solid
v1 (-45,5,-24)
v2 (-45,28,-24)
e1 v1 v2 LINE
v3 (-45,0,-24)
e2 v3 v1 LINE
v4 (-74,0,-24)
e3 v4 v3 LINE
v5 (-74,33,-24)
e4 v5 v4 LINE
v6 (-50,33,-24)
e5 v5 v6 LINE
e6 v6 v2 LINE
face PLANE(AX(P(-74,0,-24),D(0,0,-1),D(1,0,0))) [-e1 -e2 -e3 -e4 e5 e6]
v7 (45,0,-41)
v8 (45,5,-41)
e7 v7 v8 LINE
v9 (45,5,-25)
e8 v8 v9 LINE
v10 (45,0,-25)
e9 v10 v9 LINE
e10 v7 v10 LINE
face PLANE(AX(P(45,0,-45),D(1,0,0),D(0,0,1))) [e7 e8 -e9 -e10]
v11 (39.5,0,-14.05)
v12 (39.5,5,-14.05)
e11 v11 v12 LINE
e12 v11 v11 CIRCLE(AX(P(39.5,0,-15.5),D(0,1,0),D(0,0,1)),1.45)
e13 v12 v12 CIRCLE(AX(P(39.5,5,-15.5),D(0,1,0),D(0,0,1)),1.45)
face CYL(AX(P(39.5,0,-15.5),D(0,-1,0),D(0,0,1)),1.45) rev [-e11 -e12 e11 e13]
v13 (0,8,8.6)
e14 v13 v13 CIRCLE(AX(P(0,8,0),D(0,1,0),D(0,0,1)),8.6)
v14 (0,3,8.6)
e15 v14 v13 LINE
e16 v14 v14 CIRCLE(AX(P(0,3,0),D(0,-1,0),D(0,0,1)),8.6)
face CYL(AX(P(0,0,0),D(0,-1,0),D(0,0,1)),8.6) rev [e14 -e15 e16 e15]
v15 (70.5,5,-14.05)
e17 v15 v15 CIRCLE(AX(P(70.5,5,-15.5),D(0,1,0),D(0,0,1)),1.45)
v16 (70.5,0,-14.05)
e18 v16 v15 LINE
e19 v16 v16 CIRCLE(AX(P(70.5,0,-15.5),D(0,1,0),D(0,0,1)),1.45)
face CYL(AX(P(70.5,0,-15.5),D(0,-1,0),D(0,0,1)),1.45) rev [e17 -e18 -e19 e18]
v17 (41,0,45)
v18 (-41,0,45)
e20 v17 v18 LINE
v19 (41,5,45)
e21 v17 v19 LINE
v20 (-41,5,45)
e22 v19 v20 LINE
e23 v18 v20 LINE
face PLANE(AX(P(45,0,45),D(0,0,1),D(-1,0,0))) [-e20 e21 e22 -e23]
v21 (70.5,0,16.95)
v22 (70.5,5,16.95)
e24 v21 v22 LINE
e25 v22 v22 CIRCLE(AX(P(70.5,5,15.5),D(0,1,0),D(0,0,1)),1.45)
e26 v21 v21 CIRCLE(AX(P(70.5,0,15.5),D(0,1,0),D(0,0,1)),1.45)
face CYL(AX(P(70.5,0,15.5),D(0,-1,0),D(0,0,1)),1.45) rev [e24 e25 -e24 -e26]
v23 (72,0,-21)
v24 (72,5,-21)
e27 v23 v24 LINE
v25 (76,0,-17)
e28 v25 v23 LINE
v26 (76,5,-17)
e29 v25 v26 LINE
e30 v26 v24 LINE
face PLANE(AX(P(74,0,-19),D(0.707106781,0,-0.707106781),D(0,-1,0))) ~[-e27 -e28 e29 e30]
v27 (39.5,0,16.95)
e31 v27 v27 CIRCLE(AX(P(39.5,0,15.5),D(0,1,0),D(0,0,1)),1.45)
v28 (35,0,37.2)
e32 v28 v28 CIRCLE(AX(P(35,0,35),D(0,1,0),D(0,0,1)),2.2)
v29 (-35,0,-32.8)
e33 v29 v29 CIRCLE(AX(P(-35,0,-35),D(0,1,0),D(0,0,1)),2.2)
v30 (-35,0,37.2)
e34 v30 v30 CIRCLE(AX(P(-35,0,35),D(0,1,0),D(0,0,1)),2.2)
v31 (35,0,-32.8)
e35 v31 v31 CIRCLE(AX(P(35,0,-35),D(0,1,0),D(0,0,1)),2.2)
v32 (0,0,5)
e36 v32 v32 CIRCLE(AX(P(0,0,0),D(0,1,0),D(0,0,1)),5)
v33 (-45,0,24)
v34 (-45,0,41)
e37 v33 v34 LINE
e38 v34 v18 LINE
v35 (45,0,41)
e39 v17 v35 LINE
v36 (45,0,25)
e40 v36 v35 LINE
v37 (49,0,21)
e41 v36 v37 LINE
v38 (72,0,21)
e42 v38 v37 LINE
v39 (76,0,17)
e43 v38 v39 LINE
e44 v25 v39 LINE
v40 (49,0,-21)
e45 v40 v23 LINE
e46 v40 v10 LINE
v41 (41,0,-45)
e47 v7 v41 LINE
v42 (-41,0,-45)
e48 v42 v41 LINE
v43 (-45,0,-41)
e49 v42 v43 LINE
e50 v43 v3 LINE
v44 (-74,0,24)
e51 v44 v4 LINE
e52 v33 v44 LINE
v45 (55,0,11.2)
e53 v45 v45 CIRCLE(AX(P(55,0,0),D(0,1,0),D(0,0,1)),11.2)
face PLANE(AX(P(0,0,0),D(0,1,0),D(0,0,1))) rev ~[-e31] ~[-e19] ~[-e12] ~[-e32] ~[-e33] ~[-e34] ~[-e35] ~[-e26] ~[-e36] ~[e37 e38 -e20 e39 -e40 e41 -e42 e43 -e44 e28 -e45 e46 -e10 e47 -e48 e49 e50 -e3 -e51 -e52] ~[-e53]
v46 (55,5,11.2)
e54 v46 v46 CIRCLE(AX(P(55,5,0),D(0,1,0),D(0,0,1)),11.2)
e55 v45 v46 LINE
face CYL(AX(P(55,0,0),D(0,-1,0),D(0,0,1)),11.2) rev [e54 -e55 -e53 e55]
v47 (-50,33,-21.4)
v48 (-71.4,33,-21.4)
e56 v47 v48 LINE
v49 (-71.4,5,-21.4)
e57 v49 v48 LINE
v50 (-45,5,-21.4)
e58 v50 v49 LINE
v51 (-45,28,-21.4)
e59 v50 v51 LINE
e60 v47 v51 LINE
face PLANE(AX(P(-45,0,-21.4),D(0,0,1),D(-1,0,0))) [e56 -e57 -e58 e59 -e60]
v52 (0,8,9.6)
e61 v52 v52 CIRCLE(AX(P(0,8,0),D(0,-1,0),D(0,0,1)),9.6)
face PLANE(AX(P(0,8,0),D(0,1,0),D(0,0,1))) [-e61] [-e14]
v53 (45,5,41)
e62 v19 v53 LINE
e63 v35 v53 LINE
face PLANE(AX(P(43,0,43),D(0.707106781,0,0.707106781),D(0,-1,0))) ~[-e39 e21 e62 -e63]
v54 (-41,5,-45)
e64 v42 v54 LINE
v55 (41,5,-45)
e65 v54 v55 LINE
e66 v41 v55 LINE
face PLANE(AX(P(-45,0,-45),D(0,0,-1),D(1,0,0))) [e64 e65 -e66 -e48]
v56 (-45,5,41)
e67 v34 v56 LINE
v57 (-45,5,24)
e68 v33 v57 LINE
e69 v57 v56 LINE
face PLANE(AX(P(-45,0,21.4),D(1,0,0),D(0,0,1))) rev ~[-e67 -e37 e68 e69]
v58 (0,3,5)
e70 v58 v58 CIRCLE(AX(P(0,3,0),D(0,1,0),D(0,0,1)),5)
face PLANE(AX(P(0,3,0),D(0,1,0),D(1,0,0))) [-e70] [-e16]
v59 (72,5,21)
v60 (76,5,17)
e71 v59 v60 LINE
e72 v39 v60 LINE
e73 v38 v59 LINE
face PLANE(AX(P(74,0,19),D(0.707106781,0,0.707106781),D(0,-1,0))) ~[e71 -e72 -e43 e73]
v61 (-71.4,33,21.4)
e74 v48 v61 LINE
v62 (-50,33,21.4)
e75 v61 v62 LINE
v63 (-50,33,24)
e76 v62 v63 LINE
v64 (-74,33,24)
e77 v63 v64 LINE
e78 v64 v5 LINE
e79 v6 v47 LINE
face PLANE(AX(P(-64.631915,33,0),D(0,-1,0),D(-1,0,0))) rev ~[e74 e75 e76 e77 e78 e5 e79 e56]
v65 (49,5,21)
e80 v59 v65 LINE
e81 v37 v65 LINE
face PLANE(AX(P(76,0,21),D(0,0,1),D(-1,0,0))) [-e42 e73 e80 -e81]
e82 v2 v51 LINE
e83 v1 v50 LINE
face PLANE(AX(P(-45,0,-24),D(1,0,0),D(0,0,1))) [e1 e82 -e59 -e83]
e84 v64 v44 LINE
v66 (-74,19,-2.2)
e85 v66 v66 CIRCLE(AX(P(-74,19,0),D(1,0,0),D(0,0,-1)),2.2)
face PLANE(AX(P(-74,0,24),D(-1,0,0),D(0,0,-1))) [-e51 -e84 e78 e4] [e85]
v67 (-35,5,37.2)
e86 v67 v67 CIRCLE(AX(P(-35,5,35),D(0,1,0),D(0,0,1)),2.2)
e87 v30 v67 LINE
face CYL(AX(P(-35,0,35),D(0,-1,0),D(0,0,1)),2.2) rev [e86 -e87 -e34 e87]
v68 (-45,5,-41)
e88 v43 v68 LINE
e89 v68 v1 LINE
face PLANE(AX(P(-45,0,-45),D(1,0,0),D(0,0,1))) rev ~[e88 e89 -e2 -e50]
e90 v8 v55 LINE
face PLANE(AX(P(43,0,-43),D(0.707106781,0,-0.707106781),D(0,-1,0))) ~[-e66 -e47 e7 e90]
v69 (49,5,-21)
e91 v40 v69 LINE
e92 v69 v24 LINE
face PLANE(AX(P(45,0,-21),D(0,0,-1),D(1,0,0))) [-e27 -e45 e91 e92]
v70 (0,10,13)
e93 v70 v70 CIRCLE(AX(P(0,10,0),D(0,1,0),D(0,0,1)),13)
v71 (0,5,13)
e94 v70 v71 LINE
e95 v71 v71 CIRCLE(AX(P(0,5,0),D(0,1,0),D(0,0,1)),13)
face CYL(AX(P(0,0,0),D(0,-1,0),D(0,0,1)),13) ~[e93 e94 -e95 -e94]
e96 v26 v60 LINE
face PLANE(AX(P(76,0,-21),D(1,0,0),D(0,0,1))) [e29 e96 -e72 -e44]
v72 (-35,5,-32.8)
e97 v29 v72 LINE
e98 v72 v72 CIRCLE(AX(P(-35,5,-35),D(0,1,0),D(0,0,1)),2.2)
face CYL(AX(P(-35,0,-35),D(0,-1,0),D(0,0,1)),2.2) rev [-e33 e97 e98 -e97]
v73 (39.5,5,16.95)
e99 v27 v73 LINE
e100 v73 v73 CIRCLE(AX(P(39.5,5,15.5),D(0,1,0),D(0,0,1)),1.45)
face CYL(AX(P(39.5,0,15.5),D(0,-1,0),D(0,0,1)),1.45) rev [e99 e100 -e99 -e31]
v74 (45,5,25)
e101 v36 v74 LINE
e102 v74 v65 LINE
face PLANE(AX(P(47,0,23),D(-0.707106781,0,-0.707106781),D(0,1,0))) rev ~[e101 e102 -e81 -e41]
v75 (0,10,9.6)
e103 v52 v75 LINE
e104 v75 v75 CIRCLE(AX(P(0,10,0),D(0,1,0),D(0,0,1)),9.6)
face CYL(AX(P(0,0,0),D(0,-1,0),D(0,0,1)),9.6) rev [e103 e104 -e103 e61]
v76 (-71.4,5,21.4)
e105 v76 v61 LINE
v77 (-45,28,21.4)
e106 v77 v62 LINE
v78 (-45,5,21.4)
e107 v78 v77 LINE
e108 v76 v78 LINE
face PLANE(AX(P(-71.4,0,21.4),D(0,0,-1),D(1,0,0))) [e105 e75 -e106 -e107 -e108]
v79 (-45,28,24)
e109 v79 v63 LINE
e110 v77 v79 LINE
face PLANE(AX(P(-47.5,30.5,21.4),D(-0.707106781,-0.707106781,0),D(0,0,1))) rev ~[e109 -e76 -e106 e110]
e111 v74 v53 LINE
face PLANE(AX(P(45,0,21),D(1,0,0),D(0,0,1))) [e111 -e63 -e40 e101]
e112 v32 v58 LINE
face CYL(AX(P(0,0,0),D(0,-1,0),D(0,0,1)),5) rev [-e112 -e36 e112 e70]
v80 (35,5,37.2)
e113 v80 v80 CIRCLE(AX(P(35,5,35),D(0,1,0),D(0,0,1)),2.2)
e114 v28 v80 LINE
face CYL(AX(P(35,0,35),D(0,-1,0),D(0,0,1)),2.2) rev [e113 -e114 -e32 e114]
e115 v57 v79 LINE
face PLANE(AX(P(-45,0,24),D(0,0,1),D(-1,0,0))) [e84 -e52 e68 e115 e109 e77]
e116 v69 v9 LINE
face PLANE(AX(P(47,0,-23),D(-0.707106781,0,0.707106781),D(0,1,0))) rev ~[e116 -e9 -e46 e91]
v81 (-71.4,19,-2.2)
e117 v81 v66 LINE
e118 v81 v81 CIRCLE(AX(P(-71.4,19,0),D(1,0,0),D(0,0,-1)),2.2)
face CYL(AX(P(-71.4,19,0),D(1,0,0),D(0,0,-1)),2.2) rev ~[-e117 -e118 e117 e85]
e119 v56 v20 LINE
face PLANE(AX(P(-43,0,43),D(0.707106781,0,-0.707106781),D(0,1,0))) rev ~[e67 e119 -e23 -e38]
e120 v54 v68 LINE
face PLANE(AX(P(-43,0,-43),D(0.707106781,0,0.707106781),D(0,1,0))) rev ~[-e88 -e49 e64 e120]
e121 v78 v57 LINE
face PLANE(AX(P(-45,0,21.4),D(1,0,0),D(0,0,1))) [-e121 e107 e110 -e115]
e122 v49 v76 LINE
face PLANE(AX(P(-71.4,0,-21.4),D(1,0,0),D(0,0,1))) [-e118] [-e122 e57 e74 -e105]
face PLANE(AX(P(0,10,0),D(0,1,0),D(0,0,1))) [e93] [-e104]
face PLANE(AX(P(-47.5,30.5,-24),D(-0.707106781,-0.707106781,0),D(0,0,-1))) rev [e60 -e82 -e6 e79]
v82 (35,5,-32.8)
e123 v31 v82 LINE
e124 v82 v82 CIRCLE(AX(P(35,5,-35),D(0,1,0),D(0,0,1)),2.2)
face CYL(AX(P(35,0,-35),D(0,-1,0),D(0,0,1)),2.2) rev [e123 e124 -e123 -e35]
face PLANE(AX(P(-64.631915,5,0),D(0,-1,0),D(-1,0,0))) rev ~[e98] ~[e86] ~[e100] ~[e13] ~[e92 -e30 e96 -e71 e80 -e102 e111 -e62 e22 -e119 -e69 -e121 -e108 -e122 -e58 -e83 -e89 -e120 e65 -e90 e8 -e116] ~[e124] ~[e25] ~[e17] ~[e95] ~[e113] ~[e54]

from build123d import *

# Parameters (mm, degrees)
SKETCH1_R           = 2.2
SKETCH1_R_2         = 1.45
SKETCH1_R_3         = 13
SKETCH1_R_4         = 11.2
BOSS_EXTRUDE1_DEPTH = 5
BOSS_EXTRUDE2_DEPTH = 33
SKETCH1_4_R         = 13
SKETCH1_4_R_2       = 5
BOSS_EXTRUDE3_DEPTH = 3
SKETCH1_5_R         = 13
SKETCH1_5_R_2       = 8.6
BOSS_EXTRUDE4_DEPTH = 8
SKETCH1_6_R         = 13
SKETCH1_6_R_2       = 9.6
BOSS_EXTRUDE5_DEPTH = 10
SKETCH2_R           = 2.2
CUT_EXTRUDE1_DEPTH  = 10
CHAMFER1_SIZE       = 4
CHAMFER2_SIZE       = 5


with BuildPart() as part:
    # Sketch1 → Boss-Extrude1 (new body)
    with BuildSketch(Plane(origin=(0, 0, 0), x_dir=(1, 0, 0), z_dir=(0, 1, 0))):
        Polygon((45, 45), (-45, 45), (-45, 24), (-74, 24), (-74, -24), (-45, -24), (-45, -45), (45, -45), (45, -21), (76, -21), (76, 21), (45, 21), align=None)
        with Locations((-35, -35)):
            Circle(SKETCH1_R, mode=Mode.SUBTRACT)
        with Locations((35, -35)):
            Circle(SKETCH1_R, mode=Mode.SUBTRACT)
        with Locations((39.5, -15.5)):
            Circle(SKETCH1_R_2, mode=Mode.SUBTRACT)
        with Locations((70.5, -15.5)):
            Circle(SKETCH1_R_2, mode=Mode.SUBTRACT)
        Circle(SKETCH1_R_3, mode=Mode.SUBTRACT)
        with Locations((-35, 35)):
            Circle(SKETCH1_R, mode=Mode.SUBTRACT)
        with Locations((55, 0)):
            Circle(SKETCH1_R_4, mode=Mode.SUBTRACT)
        with Locations((39.5, 15.5)):
            Circle(SKETCH1_R_2, mode=Mode.SUBTRACT)
        with Locations((70.5, 15.5)):
            Circle(SKETCH1_R_2, mode=Mode.SUBTRACT)
        with Locations((35, 35)):
            Circle(SKETCH1_R, mode=Mode.SUBTRACT)
    extrude(amount=BOSS_EXTRUDE1_DEPTH)

    # Sketch1<3> → Boss-Extrude2 (add)
    with BuildSketch(Plane(origin=(0, 0, 0), x_dir=(1, 0, 0), z_dir=(0, 1, 0))):
        Polygon((-45, 21.4), (-45, 24), (-74, 24), (-74, -24), (-45, -24), (-45, -21.4), (-71.4, -21.4), (-71.4, 21.4), align=None)
    extrude(amount=BOSS_EXTRUDE2_DEPTH)

    # Sketch1<4> → Boss-Extrude3 (add)
    with BuildSketch(Plane(origin=(0, 0, 0), x_dir=(1, 0, 0), z_dir=(0, 1, 0))):
        Circle(SKETCH1_4_R)
        Circle(SKETCH1_4_R_2, mode=Mode.SUBTRACT)
    extrude(amount=BOSS_EXTRUDE3_DEPTH)

    # Sketch1<5> → Boss-Extrude4 (add)
    with BuildSketch(Plane(origin=(0, 0, 0), x_dir=(1, 0, 0), z_dir=(0, 1, 0))):
        Circle(SKETCH1_5_R)
        Circle(SKETCH1_5_R_2, mode=Mode.SUBTRACT)
    extrude(amount=BOSS_EXTRUDE4_DEPTH)

    # Sketch1<6> → Boss-Extrude5 (add)
    with BuildSketch(Plane(origin=(0, 0, 0), x_dir=(1, 0, 0), z_dir=(0, 1, 0))):
        Circle(SKETCH1_6_R)
        Circle(SKETCH1_6_R_2, mode=Mode.SUBTRACT)
    extrude(amount=BOSS_EXTRUDE5_DEPTH)

    # Sketch2 → Cut-Extrude1 (cut)
    with BuildSketch(Plane(origin=(-71.4, 0, 0), x_dir=(0, 0, -1), z_dir=(1, 0, 0))):
        with Locations((0, 19)):
            Circle(SKETCH2_R)
    extrude(amount=-CUT_EXTRUDE1_DEPTH, mode=Mode.SUBTRACT)

    # Chamfer1
    chamfer1_edges = [part.edges().sort_by_distance(p)[0] for p in [
        (-45, 2.5, 45),
        (-45, 2.5, -45),
        (45, 2.5, -45),
        (45, 2.5, -21),
        (76, 2.5, -21),
        (76, 2.5, 21),
        (45, 2.5, 21),
        (45, 2.5, 45),
    ]]
    chamfer(chamfer1_edges, length=CHAMFER1_SIZE)

    # Chamfer2
    chamfer2_edges = [part.edges().sort_by_distance(p)[0] for p in [
        (-45, 33, -22.7),
        (-45, 33, 22.7),
    ]]
    chamfer(chamfer2_edges, length=CHAMFER2_SIZE)


solid = part.part
